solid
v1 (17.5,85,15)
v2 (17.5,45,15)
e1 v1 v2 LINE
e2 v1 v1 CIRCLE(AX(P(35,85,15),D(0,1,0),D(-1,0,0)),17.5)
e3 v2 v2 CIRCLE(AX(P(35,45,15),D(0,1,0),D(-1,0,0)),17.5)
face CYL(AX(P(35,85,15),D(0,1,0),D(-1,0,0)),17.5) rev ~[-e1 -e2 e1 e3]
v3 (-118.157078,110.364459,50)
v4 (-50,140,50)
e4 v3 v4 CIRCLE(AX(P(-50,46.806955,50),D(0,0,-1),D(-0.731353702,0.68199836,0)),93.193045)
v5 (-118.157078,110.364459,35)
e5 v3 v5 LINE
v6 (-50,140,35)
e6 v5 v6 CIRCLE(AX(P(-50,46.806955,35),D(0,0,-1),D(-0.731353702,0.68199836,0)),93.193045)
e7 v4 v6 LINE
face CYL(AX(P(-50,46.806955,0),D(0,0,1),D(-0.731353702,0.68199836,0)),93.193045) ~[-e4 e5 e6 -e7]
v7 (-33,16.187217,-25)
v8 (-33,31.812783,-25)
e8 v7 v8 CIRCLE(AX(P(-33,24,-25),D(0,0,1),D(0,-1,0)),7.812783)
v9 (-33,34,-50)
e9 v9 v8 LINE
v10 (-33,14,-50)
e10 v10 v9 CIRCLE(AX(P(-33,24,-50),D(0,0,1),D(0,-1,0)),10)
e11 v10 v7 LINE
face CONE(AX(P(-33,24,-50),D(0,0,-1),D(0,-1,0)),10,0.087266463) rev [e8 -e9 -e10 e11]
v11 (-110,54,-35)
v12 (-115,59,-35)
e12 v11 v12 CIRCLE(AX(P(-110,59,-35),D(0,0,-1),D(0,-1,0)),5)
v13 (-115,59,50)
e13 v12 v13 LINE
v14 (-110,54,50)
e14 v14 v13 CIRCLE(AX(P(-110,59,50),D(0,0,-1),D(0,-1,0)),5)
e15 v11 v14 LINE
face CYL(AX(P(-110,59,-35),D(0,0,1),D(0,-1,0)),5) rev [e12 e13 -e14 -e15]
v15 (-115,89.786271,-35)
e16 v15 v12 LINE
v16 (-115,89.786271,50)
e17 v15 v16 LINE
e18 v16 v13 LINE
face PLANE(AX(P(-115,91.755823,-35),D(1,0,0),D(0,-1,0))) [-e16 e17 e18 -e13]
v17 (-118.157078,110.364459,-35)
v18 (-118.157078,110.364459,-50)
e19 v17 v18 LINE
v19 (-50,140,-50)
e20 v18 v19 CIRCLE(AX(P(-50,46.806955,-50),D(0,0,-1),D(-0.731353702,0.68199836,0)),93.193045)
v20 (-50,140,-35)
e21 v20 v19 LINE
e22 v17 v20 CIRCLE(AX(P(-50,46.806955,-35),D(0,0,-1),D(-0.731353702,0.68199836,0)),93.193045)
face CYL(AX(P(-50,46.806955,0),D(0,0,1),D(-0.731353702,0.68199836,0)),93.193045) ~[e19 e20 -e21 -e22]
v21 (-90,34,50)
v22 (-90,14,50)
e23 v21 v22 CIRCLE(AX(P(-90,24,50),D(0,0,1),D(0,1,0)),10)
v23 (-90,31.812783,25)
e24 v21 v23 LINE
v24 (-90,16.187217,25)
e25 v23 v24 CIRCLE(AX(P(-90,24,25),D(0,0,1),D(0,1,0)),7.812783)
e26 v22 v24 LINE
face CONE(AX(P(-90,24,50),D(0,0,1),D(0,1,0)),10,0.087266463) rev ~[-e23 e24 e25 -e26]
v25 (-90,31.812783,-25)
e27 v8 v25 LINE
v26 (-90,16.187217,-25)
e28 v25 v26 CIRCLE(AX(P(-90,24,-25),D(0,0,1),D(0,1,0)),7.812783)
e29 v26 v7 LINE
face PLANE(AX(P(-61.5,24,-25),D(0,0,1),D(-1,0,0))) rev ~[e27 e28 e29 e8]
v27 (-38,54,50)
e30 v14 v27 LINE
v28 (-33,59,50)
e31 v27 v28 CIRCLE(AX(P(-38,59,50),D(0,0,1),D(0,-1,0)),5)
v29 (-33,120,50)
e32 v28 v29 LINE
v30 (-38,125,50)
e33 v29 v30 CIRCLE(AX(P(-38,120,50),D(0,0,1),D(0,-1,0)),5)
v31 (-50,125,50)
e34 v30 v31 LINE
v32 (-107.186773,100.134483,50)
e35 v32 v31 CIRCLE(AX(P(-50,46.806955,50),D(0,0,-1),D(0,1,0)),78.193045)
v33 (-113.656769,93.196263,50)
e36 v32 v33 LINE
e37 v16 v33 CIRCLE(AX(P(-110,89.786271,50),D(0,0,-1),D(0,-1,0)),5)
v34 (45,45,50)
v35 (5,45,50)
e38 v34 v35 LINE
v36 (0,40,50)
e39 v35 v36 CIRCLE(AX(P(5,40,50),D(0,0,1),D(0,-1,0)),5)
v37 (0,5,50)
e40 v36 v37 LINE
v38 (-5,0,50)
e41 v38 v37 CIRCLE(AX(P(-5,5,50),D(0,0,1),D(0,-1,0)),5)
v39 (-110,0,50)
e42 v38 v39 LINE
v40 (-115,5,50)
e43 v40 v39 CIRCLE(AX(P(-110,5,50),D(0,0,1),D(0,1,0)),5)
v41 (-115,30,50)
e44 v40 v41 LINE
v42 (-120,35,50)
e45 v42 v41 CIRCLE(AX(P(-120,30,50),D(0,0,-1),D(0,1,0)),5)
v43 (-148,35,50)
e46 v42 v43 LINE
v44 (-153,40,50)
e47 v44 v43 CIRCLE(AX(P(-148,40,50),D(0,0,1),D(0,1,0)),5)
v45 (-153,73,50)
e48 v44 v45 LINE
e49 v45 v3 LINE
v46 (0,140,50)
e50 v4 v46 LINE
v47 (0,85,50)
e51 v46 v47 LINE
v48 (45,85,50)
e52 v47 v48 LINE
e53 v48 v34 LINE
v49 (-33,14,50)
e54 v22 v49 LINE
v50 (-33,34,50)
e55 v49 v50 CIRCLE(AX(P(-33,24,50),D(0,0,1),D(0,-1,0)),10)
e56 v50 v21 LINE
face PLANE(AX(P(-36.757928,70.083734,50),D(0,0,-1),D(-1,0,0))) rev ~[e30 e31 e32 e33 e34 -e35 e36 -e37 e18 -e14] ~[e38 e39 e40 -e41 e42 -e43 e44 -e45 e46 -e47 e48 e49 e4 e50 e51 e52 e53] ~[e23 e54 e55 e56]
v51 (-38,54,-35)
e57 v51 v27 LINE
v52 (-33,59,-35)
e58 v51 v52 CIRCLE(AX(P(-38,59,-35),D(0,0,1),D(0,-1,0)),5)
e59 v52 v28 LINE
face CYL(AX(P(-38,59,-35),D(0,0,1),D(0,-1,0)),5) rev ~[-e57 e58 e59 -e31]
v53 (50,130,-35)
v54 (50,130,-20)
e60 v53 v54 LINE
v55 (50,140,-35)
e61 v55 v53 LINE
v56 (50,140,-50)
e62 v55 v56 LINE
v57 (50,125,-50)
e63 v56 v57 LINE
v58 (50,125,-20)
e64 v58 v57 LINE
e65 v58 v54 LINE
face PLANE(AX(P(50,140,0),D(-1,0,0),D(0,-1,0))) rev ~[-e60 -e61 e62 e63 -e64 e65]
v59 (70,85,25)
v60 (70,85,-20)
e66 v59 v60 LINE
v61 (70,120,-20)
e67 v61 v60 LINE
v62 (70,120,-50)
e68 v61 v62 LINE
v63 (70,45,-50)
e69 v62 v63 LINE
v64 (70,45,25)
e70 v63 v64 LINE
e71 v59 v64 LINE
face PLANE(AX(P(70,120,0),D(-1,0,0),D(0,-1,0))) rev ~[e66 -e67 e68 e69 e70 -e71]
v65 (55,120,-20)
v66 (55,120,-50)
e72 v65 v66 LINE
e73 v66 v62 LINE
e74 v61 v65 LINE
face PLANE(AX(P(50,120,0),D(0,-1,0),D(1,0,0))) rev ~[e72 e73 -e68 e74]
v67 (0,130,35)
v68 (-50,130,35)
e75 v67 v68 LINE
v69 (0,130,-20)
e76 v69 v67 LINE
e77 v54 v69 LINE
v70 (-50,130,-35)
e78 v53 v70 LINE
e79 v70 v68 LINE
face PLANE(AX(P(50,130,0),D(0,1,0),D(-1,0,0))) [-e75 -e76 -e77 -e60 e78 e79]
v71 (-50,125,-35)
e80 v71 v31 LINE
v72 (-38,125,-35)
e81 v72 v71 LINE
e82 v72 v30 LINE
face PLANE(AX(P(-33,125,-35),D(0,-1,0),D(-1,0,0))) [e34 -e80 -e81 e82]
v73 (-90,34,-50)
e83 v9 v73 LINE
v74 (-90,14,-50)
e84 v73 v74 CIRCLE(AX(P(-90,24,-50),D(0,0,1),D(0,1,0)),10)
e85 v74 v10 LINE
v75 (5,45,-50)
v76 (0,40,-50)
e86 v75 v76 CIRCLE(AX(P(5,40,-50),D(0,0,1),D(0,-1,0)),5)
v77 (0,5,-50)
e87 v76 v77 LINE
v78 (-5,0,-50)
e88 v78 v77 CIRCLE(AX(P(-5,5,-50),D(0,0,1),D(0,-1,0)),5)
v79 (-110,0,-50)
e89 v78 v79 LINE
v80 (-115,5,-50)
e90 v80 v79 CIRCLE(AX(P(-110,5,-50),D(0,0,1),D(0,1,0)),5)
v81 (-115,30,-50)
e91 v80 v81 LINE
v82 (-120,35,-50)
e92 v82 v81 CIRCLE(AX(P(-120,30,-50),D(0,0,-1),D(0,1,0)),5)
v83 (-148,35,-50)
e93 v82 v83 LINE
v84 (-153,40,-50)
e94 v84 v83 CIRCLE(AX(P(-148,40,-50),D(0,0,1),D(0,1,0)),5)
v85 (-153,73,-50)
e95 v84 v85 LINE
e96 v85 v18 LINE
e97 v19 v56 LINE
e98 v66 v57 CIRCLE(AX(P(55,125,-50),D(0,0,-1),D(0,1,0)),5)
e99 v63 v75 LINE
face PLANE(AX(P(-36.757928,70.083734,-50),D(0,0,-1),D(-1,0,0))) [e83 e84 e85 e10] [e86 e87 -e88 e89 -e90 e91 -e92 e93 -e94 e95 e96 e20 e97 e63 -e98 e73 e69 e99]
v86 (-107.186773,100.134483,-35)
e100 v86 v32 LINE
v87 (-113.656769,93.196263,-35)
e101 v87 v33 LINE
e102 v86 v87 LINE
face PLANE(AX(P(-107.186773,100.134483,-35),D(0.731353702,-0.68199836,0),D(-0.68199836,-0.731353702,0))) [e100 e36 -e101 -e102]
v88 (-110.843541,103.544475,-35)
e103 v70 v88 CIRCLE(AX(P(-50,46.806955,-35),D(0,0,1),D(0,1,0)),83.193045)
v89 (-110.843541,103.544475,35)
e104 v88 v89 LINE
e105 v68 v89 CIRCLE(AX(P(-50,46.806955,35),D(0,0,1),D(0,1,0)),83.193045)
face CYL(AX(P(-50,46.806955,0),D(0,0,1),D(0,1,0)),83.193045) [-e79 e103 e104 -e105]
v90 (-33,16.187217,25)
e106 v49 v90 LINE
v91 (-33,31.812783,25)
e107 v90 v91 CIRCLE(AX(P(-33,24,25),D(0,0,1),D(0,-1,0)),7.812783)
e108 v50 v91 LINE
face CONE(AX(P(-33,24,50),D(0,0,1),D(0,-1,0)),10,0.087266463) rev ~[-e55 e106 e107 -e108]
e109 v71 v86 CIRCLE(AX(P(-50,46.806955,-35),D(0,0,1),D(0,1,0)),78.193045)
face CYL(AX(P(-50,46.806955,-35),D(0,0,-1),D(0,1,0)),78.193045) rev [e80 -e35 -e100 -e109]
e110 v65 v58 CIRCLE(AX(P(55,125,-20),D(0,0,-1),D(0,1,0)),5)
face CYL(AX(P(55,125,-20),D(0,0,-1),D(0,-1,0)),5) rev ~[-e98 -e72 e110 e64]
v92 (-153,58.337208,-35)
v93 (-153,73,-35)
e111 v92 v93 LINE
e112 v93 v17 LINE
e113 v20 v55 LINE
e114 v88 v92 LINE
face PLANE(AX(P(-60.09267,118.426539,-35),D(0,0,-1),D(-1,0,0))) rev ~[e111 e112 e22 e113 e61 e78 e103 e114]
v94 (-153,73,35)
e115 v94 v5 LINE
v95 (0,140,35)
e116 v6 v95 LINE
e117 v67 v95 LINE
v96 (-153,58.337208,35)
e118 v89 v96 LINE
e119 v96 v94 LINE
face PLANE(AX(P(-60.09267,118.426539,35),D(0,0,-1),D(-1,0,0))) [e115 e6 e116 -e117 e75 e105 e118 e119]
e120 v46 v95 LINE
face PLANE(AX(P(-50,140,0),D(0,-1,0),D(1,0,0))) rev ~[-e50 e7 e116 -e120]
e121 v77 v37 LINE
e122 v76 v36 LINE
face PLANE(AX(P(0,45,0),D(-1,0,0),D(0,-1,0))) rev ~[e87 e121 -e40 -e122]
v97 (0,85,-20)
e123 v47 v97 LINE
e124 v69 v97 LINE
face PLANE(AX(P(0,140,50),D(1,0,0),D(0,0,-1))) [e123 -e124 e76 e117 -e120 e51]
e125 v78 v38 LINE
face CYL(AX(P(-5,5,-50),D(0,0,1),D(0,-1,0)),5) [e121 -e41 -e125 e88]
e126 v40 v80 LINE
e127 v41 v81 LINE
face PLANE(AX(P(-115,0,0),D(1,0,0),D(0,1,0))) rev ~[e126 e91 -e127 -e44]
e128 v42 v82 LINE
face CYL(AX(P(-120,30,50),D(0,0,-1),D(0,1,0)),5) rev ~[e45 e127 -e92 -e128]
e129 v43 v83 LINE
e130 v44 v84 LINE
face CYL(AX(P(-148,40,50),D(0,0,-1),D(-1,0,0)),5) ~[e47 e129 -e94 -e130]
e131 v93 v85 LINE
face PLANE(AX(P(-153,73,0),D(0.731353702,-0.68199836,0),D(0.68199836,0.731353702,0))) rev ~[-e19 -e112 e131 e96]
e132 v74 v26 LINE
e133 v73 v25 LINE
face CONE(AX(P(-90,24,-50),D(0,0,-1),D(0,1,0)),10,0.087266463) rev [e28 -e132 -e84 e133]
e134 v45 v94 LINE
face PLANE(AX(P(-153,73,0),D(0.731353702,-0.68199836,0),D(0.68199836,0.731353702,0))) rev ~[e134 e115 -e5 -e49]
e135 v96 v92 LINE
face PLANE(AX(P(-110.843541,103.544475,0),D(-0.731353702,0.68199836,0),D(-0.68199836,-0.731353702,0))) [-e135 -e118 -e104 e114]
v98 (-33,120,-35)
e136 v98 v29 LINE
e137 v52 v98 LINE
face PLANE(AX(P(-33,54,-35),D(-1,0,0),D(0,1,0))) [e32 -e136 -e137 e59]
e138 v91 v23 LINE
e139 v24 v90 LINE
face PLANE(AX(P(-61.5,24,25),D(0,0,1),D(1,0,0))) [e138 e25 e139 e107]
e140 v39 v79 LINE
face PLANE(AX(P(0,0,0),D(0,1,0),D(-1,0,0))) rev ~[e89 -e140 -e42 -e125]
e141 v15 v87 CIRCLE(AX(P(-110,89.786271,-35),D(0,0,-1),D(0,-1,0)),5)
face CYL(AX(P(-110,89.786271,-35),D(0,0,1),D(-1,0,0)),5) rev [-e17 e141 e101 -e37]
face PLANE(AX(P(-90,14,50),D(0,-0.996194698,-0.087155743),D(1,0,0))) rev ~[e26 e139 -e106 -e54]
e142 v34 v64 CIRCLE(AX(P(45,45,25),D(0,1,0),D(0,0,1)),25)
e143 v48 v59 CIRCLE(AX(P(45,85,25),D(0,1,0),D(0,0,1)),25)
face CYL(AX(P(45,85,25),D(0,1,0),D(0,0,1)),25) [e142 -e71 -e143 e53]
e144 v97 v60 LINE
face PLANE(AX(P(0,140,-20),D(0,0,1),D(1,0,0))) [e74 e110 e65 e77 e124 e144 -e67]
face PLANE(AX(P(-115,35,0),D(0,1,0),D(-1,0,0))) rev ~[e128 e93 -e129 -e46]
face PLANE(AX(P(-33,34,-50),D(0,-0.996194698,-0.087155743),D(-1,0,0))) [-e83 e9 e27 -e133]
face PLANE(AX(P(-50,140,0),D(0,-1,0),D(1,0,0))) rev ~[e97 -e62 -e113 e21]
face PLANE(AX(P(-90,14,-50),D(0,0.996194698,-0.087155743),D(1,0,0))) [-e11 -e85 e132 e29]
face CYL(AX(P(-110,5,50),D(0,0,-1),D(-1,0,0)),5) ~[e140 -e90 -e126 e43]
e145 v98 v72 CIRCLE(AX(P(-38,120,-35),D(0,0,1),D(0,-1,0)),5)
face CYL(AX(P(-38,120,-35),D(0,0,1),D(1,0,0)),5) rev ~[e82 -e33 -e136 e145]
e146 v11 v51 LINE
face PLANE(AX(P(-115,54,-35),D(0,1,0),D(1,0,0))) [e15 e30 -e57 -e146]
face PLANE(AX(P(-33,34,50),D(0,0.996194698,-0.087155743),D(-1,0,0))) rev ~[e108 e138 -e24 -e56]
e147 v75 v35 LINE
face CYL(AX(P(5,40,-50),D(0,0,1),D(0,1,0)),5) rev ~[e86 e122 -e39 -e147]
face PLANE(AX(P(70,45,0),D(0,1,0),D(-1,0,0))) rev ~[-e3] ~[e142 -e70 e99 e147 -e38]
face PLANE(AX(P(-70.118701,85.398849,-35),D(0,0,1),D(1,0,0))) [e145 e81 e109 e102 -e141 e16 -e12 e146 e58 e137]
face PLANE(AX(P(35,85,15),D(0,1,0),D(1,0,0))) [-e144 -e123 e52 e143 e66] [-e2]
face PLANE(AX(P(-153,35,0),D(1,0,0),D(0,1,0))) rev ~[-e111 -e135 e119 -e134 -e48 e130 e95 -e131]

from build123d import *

# Parameters (mm, degrees)
BOSS_EXTRUDE1_DEPTH     = 50
CUT_EXTRUDE1_DEPTH      = 231.236834586
CUT_EXTRUDE1_DEPTH_BACK = 85
SKETCH3_W               = 70
SKETCH3_H               = 70
CUT_EXTRUDE2_DEPTH      = 55
SKETCH4_R               = 17.5
CUT_EXTRUDE3_DEPTH      = 183.027470454
CUT_EXTRUDE4_DEPTH      = 35
FILLET1_R               = 5
FILLET2_R               = 5
CUT_EXTRUDE5_DEPTH      = 25
CUT_EXTRUDE5_DRAFT      = -5
MIRROR1_COPY_1_DEPTH    = 25
MIRROR1_COPY_1_DRAFT    = -5


with BuildPart() as part:
    # Sketch1 → Boss-Extrude1 (new, symmetric)
    with BuildSketch(Plane.XY):
        with BuildLine():
            Line((0, 0), (-115, 0))
            Line((-115, 0), (-115, 35))
            Line((-115, 35), (-153, 35))
            Line((-153, 35), (-153, 73))
            Line((-153, 73), (-118.15707843, 110.364458857))
            ThreePointArc((-118.15707843, 110.364458857), (-87.160639926, 132.270575779), (-50, 140))
            Line((-50, 140), (50, 140))
            Line((50, 140), (50, 120))
            Line((50, 120), (70, 120))
            Line((70, 120), (70, 45))
            Line((70, 45), (0, 45))
            Line((0, 45), (0, 0))
        make_face()
    extrude(amount=BOSS_EXTRUDE1_DEPTH, both=True)

    # Sketch2 → Cut-Extrude1 (cut, two sides: drawn at the far end of the back side and taken through both)
    with BuildSketch(Plane.XY.offset(50).offset(-CUT_EXTRUDE1_DEPTH_BACK)):
        with BuildLine():
            Line((-33, 54), (-33, 125))
            Line((-33, 125), (-50, 125))
            ThreePointArc((-50, 125), (-81.179403892, 118.514674664), (-107.186772906, 100.134483456))
            Line((-107.186772906, 100.134483456), (-115, 91.755823196))
            Line((-115, 91.755823196), (-115, 54))
            Line((-115, 54), (-33, 54))
        make_face()
    extrude(amount=CUT_EXTRUDE1_DEPTH + CUT_EXTRUDE1_DEPTH_BACK, mode=Mode.SUBTRACT)

    # Sketch3 → Cut-Extrude2 (cut)
    with BuildSketch(Plane(origin=(0, 140, 0), x_dir=(1, 0, 0), z_dir=(0, 1, 0))):
        with Locations((35, -15)):
            Rectangle(SKETCH3_W, SKETCH3_H)
    extrude(amount=-CUT_EXTRUDE2_DEPTH, mode=Mode.SUBTRACT)

    # Sketch4 → Cut-Extrude3 (cut, through all)
    with BuildSketch(Plane(origin=(0, 85, 0), x_dir=(1, 0, 0), z_dir=(0, 1, 0))):
        with Locations(Location((35, -15, 0), (0, 0, 180))):
            Circle(SKETCH4_R)
        with BuildLine():
            Line((70, -25), (70, -50))
            Line((70, -50), (45, -50))
            ThreePointArc((45, -50), (62.67766953, -42.67766953), (70, -25))
        make_face()
    extrude(amount=-CUT_EXTRUDE3_DEPTH, mode=Mode.SUBTRACT)

    # Sketch5 → Cut-Extrude4 (cut, symmetric)
    with BuildSketch(Plane.XY):
        with BuildLine():
            Line((-110.843541414, 103.544475257), (-153, 58.337208144))
            Line((-153, 58.337208144), (-153, 73))
            Line((-153, 73), (-118.15707843, 110.364458857))
            ThreePointArc((-118.15707843, 110.364458857), (-87.160639926, 132.270575779), (-50, 140))
            Line((-50, 140), (0, 140))
            Line((0, 140), (50, 140))
            Line((50, 140), (50, 130))
            Line((50, 130), (0, 130))
            Line((0, 130), (-50, 130))
            ThreePointArc((-50, 130), (-83.173149237, 123.099975036), (-110.843541414, 103.544475257))
        make_face()
    extrude(amount=CUT_EXTRUDE4_DEPTH, both=True, mode=Mode.SUBTRACT)

    # Fillet1
    fillet1_edges = [part.edges().sort_by_distance(p)[0] for p in [
        (-115, 91.755823196, 7.5),
        (-33, 125, 7.5),
        (-33, 54, 7.5),
        (-115, 54, 7.5),
    ]]
    fillet(fillet1_edges, radius=FILLET1_R)

    # Fillet2
    fillet2_edges = [part.edges().sort_by_distance(p)[0] for p in [
        (0, 0, 0),
        (-115, 0, 0),
        (-115, 35, 0),
        (-153, 35, 0),
        (0, 45, 0),
        (50, 120, -35),
    ]]
    fillet(fillet2_edges, radius=FILLET2_R)


with BuildPart() as cut_extrude5_tool:
    # Sketch6 → Cut-Extrude5 (with draft: the straight prism first)
    with BuildSketch(Plane.XY.offset(50)):
        with BuildLine():
            ThreePointArc((-90, 34), (-100, 24), (-90, 14))
            Line((-90, 14), (-33, 14))
            ThreePointArc((-33, 14), (-23, 24), (-33, 34))
            Line((-33, 34), (-90, 34))
        make_face()
    extrude(amount=-CUT_EXTRUDE5_DEPTH)
    # Cut-Extrude5: the draft: its side faces are tilted about the plane it starts from
    cut_extrude5_sides = [cut_extrude5_tool.faces().sort_by_distance(p)[0] for p in [
        (-23, 24, 37.5),
        (-61.5, 34, 37.5),
        (-100, 24, 37.5),
        (-61.5, 14, 37.5),
    ]]
    draft(cut_extrude5_sides, Plane.XY.offset(50), CUT_EXTRUDE5_DRAFT)


with BuildPart() as part_1:
    add(part.part)

    # Cut-Extrude5: cut by cut_extrude5_tool
    add(cut_extrude5_tool.part, mode=Mode.SUBTRACT)


with BuildPart() as mirror1_copy_1_tool:
    # Mirror1 copy 1 sketch → Mirror1 copy 1 (with draft: the straight prism first)
    with BuildSketch(Plane(origin=(0, 0, -50), x_dir=(1, 0, 0), z_dir=(0, 0, -1))):
        with BuildLine():
            ThreePointArc((-90, -34), (-100, -24), (-90, -14))
            Line((-90, -14), (-33, -14))
            ThreePointArc((-33, -14), (-23, -24), (-33, -34))
            Line((-33, -34), (-90, -34))
        make_face()
    extrude(amount=-MIRROR1_COPY_1_DEPTH)
    # Mirror1 copy 1: the draft: its side faces are tilted about the plane it starts from
    mirror1_copy_1_sides = [mirror1_copy_1_tool.faces().sort_by_distance(p)[0] for p in [
        (-23, 24, -37.5),
        (-61.5, 34, -37.5),
        (-100, 24, -37.5),
        (-61.5, 14, -37.5),
    ]]
    draft(mirror1_copy_1_sides, Plane(origin=(0, 0, -50), x_dir=(1, 0, 0), z_dir=(0, 0, -1)), MIRROR1_COPY_1_DRAFT)


with BuildPart() as part_2:
    add(part_1.part)

    # Mirror1 copy 1: cut by mirror1_copy_1_tool
    add(mirror1_copy_1_tool.part, mode=Mode.SUBTRACT)


solid = part_2.part
